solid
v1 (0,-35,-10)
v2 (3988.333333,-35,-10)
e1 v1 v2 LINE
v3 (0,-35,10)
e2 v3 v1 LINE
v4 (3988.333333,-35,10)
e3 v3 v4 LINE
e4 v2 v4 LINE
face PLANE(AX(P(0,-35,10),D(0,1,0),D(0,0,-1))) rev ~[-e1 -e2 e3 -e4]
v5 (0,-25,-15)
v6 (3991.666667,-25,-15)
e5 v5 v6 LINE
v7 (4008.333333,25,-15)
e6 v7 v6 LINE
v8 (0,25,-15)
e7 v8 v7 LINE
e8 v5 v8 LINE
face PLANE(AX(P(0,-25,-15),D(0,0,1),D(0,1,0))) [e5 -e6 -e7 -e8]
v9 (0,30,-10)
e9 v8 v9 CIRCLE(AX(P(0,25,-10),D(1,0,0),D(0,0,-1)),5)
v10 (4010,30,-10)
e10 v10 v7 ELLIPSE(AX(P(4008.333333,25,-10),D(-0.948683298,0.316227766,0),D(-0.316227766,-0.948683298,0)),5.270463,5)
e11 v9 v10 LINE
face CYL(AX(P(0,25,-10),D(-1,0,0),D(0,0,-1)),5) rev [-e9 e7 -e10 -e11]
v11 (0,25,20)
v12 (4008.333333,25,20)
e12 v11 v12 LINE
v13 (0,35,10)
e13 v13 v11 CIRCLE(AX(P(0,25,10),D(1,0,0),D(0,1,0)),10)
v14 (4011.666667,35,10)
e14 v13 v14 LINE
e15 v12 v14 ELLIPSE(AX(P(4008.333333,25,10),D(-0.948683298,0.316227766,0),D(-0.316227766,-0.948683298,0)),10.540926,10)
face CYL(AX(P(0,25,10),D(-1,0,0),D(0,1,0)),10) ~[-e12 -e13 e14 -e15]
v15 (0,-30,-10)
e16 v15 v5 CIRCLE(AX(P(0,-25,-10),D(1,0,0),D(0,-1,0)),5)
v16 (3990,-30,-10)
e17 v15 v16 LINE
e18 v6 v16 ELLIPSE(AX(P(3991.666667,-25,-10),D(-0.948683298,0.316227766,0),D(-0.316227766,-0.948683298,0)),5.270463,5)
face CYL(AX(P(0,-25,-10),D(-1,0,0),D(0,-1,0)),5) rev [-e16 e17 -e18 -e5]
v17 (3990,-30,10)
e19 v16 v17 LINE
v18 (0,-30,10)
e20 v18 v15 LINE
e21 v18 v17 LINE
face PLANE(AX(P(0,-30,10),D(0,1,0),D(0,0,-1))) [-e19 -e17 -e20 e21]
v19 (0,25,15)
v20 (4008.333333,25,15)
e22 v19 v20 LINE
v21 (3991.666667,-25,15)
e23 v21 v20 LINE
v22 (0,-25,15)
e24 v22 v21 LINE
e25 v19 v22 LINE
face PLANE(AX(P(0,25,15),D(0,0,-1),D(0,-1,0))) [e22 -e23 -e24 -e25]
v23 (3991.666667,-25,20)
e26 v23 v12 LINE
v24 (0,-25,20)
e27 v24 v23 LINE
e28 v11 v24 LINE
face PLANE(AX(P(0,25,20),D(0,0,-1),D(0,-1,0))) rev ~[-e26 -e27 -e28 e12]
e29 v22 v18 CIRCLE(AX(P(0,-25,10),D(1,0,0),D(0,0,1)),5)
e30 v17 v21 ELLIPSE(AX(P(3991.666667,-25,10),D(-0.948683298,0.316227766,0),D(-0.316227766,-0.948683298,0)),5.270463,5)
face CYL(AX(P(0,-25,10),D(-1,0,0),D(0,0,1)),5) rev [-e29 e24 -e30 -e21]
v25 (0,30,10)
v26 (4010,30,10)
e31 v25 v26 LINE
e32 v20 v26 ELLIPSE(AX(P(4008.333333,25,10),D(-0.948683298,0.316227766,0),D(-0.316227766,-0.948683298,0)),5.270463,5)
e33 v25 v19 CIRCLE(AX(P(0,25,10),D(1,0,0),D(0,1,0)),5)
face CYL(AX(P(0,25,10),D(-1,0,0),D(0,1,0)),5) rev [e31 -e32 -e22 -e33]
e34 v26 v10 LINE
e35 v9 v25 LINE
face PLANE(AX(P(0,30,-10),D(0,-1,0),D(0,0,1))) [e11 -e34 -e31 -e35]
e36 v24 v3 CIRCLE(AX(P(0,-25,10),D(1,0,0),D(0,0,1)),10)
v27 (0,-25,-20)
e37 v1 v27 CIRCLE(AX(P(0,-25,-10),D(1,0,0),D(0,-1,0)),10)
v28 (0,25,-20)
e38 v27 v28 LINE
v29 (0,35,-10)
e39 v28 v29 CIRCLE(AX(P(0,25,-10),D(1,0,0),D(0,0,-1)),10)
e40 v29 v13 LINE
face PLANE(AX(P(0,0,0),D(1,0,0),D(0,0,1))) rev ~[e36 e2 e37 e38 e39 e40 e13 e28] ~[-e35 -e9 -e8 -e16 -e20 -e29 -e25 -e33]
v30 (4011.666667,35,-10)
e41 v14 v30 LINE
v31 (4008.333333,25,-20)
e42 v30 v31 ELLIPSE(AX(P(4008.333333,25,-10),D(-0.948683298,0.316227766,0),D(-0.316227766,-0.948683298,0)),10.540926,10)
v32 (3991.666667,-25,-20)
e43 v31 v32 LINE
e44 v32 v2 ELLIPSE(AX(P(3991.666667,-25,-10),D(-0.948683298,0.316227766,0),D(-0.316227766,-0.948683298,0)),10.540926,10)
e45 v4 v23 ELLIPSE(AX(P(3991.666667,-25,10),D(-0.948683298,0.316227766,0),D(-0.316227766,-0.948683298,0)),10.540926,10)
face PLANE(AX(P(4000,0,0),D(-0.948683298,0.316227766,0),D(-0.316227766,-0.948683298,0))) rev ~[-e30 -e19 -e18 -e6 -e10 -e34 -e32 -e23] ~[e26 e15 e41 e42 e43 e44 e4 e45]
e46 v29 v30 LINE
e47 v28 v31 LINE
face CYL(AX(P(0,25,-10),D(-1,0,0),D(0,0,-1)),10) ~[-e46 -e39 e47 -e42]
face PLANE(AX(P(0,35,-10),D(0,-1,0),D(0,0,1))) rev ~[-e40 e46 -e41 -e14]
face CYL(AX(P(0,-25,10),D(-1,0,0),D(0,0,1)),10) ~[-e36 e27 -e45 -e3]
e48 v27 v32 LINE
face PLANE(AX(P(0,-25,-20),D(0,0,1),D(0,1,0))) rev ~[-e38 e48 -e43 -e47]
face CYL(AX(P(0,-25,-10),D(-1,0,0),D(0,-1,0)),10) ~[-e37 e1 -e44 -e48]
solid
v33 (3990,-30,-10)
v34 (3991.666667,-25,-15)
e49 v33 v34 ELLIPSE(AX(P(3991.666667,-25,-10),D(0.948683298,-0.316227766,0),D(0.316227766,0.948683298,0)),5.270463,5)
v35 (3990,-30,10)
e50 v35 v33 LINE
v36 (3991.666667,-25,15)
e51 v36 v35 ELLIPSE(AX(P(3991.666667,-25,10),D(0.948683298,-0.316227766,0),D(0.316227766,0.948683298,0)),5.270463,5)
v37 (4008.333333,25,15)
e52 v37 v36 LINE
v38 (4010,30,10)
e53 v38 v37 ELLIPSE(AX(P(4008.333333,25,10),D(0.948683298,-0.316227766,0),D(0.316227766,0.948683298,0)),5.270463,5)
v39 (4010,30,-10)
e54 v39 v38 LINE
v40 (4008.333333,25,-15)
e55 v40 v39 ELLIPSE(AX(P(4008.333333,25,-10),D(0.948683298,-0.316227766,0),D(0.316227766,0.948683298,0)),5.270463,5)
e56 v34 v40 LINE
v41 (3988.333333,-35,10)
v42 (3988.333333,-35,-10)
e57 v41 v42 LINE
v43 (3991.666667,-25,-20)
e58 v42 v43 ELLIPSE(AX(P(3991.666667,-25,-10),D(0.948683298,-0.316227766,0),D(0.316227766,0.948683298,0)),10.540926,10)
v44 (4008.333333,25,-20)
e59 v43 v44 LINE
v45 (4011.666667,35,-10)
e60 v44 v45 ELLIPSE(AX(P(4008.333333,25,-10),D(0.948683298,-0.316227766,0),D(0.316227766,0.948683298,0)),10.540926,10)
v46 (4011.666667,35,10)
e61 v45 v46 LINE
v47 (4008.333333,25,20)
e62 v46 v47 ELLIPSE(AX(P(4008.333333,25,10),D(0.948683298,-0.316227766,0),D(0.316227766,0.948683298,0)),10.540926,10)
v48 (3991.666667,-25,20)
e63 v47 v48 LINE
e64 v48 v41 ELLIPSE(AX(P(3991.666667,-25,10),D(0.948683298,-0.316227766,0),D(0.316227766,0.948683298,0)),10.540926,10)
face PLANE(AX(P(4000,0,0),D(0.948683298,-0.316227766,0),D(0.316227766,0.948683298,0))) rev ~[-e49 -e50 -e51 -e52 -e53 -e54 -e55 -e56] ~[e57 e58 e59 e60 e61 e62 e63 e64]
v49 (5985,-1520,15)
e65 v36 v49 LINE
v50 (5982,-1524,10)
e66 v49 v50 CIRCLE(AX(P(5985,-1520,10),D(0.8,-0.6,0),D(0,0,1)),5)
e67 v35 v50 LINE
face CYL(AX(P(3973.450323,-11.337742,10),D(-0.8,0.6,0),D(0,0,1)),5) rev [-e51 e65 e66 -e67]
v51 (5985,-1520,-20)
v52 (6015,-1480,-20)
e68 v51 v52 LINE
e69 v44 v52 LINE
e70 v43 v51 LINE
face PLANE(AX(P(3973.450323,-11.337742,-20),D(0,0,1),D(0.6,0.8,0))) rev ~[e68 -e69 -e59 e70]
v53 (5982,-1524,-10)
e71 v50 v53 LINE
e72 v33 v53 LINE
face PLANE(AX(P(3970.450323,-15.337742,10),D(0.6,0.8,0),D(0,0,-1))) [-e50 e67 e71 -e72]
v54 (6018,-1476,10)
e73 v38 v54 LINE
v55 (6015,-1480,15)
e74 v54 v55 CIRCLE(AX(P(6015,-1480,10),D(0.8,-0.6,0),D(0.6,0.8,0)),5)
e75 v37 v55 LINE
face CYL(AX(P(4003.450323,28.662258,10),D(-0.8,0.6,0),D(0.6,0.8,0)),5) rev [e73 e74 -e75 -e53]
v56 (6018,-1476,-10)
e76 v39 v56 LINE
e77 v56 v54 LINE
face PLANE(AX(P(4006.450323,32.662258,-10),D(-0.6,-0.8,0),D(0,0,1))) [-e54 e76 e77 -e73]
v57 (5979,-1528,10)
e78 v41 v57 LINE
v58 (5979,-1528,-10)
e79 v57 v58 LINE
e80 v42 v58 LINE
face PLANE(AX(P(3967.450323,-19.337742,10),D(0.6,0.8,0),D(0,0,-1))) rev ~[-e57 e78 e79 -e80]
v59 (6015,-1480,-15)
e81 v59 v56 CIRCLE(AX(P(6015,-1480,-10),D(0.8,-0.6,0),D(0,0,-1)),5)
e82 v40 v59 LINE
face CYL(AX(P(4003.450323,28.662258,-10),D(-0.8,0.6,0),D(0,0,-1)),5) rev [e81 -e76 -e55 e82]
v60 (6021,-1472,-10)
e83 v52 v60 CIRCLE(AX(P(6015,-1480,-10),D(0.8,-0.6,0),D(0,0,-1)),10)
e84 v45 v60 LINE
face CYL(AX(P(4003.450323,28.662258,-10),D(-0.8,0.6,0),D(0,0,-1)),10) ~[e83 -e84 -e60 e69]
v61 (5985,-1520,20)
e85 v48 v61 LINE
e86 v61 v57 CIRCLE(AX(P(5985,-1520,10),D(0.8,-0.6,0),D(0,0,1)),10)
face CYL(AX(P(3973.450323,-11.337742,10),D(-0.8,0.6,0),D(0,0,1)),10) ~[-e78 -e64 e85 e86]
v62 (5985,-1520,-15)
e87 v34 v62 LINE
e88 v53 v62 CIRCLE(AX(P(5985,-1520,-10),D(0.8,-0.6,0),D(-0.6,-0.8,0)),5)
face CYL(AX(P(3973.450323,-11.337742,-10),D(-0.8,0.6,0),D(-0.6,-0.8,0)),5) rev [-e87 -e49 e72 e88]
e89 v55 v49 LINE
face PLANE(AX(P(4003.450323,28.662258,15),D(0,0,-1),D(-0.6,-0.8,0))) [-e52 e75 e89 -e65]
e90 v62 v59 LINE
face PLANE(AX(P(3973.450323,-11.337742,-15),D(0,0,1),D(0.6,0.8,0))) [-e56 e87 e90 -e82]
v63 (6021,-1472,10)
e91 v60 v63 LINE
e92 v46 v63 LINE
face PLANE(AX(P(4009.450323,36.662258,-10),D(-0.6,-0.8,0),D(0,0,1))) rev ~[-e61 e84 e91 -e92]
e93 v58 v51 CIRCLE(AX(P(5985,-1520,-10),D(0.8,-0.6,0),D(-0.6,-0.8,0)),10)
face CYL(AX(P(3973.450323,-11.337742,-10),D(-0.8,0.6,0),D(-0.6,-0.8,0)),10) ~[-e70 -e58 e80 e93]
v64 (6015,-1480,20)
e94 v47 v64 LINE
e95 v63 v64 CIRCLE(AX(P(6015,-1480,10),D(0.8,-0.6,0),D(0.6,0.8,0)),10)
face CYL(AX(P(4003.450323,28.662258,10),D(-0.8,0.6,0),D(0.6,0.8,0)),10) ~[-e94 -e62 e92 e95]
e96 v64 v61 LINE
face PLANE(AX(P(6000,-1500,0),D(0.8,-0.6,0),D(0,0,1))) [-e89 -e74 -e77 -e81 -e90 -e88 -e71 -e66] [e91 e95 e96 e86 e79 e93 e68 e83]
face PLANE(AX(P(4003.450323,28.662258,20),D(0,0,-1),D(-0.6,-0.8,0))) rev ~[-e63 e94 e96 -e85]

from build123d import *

# Parameters (mm, degrees)
STRUCTURAL_MEMBER1_DEPTH   = 4014.437096247
STRUCTURAL_MEMBER1_2_DEPTH = 2514.437096247


with BuildPart() as part:
    # Sketch1 → Structural Member1 (new body)
    with BuildSketch(Plane(origin=(0, 0, 0), x_dir=(0, 0, 1), z_dir=(1, 0, 0))):
        with BuildLine():
            Line((-10, -35), (10, -35))
            ThreePointArc((10, -35), (17.071067812, -32.071067812), (20, -25))
            Line((20, -25), (20, 25))
            ThreePointArc((20, 25), (17.071067812, 32.071067812), (10, 35))
            Line((10, 35), (-10, 35))
            ThreePointArc((-10, 35), (-17.071067812, 32.071067812), (-20, 25))
            Line((-20, 25), (-20, -25))
            ThreePointArc((-20, -25), (-17.071067812, -32.071067812), (-10, -35))
        make_face()
        with BuildLine():
            Line((-10, -30), (10, -30))
            ThreePointArc((10, -30), (13.535533906, -28.535533906), (15, -25))
            Line((15, -25), (15, 25))
            ThreePointArc((15, 25), (13.535533906, 28.535533906), (10, 30))
            Line((10, 30), (-10, 30))
            ThreePointArc((-10, 30), (-13.535533906, 28.535533906), (-15, 25))
            Line((-15, 25), (-15, -25))
            ThreePointArc((-15, -25), (-13.535533906, -28.535533906), (-10, -30))
        make_face(mode=Mode.SUBTRACT)
    extrude(amount=STRUCTURAL_MEMBER1_DEPTH)

    # Structural Member1 mitre 1
    split(bisect_by=Plane(origin=(4000, 0, 0), x_dir=(-0.316227766, -0.948683298, 0), z_dir=(-0.948683298, 0.316227766, 0)), keep=Keep.TOP)


with BuildPart() as body_2:
    # Sketch1 on segment 2 (carried to segment 2) → Structural Member1 2 (new body)
    with BuildSketch(Plane(origin=(3988.450323002, 8.662257748, 0), x_dir=(0, 0, 1), z_dir=(0.8, -0.6, 0))):
        with BuildLine():
            Line((-10, -35), (10, -35))
            ThreePointArc((10, -35), (17.071067812, -32.071067812), (20, -25))
            Line((20, -25), (20, 25))
            ThreePointArc((20, 25), (17.071067812, 32.071067812), (10, 35))
            Line((10, 35), (-10, 35))
            ThreePointArc((-10, 35), (-17.071067812, 32.071067812), (-20, 25))
            Line((-20, 25), (-20, -25))
            ThreePointArc((-20, -25), (-17.071067812, -32.071067812), (-10, -35))
        make_face()
        with BuildLine():
            Line((-10, -30), (10, -30))
            ThreePointArc((10, -30), (13.535533906, -28.535533906), (15, -25))
            Line((15, -25), (15, 25))
            ThreePointArc((15, 25), (13.535533906, 28.535533906), (10, 30))
            Line((10, 30), (-10, 30))
            ThreePointArc((-10, 30), (-13.535533906, 28.535533906), (-15, 25))
            Line((-15, 25), (-15, -25))
            ThreePointArc((-15, -25), (-13.535533906, -28.535533906), (-10, -30))
        make_face(mode=Mode.SUBTRACT)
    extrude(amount=STRUCTURAL_MEMBER1_2_DEPTH)

    # Structural Member1 2 mitre 1
    split(bisect_by=Plane(origin=(4000, 0, 0), x_dir=(0.316227766, 0.948683298, 0), z_dir=(0.948683298, -0.316227766, 0)), keep=Keep.TOP)


solid = Compound([part.part, body_2.part])
